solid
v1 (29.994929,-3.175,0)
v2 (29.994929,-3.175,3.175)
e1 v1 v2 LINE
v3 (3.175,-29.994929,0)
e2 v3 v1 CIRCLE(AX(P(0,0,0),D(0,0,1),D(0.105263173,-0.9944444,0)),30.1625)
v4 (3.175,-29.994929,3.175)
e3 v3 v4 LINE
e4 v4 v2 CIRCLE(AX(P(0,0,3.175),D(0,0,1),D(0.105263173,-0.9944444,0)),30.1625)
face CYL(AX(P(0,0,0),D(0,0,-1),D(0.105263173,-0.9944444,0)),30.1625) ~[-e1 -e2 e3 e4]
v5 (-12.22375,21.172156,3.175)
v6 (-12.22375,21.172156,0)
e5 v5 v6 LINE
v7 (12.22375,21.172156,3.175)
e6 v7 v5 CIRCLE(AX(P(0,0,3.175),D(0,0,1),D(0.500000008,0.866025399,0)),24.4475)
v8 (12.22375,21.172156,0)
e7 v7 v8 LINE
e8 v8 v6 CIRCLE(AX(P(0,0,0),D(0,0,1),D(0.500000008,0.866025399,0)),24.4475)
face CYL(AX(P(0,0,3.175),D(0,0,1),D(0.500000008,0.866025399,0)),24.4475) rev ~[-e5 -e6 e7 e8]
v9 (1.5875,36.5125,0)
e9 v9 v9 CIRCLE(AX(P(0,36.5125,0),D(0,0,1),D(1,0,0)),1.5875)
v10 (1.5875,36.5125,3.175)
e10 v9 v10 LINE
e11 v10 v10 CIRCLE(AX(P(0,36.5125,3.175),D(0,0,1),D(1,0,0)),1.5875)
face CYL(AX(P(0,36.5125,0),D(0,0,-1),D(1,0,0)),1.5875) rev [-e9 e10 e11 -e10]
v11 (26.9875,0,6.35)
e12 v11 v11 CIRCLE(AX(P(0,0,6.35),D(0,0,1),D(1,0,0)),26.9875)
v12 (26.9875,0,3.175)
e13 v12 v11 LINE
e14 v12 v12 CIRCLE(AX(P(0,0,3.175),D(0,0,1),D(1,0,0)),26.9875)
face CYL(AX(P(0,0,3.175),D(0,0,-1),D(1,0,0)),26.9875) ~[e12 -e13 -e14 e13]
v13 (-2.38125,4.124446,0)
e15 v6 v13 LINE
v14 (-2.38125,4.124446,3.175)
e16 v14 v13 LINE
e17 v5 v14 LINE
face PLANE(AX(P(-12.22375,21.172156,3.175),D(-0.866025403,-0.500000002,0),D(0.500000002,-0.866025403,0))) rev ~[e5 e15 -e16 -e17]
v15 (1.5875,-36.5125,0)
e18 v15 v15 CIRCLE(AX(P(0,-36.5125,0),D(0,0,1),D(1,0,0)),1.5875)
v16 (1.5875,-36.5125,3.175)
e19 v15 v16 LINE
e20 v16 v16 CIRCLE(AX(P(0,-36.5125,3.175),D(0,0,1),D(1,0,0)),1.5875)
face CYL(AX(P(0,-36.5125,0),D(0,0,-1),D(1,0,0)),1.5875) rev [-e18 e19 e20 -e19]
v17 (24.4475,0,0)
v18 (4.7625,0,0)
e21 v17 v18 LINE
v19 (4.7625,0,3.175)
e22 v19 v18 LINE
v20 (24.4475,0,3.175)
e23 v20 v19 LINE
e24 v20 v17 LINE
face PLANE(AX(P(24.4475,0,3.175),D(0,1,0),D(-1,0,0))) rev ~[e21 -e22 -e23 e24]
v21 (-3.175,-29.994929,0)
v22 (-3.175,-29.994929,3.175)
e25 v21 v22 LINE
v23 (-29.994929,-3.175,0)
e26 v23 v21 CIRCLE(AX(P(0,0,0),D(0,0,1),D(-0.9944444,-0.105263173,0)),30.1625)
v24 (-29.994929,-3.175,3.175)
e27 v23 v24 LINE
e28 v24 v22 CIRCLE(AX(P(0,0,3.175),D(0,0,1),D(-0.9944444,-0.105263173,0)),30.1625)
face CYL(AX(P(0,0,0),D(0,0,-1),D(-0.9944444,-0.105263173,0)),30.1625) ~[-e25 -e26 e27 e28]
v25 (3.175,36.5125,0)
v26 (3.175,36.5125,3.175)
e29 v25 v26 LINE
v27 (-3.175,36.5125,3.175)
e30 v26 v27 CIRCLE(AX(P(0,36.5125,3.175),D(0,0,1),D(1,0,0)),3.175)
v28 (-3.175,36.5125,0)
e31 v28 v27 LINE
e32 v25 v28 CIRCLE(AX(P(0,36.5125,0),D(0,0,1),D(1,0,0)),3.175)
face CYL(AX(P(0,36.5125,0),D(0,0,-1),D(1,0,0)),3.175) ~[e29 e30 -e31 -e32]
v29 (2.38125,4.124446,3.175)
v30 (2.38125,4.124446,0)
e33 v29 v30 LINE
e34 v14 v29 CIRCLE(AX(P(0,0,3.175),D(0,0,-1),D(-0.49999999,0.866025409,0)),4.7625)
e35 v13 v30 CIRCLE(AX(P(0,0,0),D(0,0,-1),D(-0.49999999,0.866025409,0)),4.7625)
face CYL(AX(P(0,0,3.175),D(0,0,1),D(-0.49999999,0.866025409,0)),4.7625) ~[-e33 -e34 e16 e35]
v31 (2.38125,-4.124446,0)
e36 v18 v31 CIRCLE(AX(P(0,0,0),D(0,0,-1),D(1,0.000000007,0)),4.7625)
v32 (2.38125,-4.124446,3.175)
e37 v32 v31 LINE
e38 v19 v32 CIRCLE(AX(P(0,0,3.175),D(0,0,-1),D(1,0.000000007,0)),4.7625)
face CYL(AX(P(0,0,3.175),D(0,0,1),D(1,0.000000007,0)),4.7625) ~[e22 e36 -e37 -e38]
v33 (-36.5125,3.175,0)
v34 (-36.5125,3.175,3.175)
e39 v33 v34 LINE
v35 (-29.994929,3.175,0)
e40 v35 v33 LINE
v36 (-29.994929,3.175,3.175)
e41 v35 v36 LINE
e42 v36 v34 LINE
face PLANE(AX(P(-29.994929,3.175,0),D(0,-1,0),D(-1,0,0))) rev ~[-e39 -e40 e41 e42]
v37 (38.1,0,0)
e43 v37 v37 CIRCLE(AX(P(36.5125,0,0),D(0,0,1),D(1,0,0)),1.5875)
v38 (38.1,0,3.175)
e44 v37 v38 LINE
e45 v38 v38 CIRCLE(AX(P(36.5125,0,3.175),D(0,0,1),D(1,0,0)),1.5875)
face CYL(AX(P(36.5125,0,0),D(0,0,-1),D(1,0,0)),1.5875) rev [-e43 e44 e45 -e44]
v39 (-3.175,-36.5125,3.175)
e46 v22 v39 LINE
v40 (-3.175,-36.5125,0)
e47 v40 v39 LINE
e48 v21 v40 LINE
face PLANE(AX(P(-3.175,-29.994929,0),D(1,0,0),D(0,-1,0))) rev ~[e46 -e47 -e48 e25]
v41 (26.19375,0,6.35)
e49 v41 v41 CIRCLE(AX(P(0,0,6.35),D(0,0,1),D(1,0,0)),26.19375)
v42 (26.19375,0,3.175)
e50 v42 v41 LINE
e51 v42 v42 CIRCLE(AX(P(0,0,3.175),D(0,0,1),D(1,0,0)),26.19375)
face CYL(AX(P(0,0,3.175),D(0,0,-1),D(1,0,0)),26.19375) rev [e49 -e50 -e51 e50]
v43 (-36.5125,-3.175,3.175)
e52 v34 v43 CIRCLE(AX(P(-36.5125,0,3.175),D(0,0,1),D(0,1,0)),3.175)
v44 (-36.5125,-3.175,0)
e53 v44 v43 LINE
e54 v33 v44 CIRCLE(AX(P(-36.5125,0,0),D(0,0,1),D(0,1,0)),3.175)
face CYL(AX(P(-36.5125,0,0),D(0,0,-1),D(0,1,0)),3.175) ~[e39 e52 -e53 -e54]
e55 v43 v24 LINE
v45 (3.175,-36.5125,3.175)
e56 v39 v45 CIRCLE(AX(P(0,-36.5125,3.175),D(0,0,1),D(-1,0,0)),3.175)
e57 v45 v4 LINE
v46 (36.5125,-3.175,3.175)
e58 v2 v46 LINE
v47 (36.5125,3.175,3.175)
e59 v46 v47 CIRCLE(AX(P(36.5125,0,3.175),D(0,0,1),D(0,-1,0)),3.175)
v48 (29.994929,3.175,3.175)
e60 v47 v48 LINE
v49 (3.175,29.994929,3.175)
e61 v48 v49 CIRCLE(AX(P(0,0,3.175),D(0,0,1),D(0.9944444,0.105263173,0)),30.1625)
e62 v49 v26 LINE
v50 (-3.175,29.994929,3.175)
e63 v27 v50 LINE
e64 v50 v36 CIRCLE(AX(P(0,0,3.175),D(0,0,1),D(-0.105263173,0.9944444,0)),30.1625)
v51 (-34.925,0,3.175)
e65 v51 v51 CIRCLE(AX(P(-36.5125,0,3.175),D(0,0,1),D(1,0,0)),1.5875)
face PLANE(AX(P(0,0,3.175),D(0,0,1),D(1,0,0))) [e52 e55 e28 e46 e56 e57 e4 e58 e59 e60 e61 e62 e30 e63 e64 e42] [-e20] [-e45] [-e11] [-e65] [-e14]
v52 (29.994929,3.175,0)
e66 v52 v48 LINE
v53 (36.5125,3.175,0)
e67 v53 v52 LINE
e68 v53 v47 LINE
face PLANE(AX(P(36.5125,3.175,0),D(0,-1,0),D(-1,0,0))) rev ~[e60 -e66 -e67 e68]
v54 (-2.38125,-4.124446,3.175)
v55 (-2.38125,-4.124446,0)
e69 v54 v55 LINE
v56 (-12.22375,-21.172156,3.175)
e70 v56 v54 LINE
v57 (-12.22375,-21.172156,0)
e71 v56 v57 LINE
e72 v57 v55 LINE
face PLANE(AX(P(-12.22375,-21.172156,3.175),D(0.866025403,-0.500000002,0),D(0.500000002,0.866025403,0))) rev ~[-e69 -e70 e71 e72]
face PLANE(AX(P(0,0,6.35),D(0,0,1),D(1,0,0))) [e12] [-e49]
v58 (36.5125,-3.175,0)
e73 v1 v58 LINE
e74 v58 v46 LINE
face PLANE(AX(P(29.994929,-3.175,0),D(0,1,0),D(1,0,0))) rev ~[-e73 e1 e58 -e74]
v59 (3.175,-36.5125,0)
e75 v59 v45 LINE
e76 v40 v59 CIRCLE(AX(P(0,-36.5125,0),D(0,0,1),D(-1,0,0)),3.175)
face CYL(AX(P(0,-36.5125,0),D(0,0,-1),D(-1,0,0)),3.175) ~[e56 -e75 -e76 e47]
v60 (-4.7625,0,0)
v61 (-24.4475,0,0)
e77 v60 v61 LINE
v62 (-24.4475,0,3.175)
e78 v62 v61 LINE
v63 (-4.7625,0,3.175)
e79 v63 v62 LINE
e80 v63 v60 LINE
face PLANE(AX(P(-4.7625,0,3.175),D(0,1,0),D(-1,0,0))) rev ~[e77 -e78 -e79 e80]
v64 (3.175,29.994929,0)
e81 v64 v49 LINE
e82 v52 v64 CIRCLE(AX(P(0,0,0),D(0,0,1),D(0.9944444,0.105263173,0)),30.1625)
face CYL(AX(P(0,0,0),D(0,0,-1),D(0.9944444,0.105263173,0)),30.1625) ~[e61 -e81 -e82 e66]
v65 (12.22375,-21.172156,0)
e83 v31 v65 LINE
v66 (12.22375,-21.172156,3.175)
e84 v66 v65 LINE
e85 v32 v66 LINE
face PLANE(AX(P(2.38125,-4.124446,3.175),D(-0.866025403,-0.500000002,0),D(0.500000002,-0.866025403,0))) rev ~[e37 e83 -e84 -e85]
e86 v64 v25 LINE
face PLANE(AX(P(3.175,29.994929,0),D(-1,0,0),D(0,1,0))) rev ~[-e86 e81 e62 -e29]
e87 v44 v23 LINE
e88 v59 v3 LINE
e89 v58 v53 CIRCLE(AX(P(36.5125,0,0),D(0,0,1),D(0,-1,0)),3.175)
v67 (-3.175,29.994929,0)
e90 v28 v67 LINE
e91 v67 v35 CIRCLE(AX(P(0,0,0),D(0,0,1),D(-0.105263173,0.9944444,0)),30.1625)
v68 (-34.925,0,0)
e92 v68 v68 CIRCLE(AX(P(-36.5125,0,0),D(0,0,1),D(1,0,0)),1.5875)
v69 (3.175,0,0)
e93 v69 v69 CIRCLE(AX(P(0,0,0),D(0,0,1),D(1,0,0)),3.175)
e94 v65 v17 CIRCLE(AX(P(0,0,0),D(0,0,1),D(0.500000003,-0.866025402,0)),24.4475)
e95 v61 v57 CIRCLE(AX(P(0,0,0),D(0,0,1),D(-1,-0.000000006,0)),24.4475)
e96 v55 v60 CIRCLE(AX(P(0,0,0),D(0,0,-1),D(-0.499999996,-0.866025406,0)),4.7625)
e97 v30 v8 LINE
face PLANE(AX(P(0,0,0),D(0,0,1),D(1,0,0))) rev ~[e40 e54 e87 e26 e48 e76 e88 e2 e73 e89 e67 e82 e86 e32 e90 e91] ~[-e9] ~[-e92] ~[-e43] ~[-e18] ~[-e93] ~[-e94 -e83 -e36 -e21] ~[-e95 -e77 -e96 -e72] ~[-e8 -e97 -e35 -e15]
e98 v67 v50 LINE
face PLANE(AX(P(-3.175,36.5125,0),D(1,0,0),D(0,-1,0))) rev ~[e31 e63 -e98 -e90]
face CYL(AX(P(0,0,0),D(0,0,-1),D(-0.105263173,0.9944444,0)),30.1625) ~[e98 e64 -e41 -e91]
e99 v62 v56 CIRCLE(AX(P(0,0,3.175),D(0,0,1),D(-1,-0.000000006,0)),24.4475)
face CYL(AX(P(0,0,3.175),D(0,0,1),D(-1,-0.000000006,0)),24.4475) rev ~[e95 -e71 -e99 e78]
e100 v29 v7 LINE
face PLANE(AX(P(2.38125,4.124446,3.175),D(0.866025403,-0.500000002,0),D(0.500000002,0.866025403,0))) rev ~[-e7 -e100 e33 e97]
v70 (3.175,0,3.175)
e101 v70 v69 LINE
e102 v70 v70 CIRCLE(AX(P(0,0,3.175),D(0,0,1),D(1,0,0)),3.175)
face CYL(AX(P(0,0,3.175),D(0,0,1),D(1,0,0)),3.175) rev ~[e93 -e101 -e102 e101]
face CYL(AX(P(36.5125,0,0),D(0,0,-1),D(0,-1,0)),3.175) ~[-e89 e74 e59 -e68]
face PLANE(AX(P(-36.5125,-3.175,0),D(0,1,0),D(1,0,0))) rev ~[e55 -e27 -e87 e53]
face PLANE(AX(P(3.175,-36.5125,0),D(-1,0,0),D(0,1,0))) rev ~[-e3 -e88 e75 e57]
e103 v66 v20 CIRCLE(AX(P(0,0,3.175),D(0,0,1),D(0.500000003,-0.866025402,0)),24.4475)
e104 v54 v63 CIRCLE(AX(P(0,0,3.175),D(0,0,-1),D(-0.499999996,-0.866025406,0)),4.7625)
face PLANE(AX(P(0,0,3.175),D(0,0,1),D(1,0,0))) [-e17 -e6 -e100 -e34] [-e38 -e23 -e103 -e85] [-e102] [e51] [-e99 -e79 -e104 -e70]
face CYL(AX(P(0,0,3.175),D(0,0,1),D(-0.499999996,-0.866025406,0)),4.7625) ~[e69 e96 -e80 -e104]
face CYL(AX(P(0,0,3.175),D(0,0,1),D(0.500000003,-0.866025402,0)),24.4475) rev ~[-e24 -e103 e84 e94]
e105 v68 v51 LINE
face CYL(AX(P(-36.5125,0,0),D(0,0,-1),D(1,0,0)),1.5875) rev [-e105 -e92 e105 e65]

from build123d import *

# Parameters (mm, degrees)
F0_R     = 1.5875
F1_DEPTH = 3.175
F2_R     = 26.9875
F2_R_2   = 26.19375
F3_DEPTH = 3.175
F4_R     = 3.175
F5_DEPTH = 3.175


with BuildPart() as f1:
    # F0 (on Top) → F1 (new body)
    with BuildSketch(Plane.XY):
        with BuildLine():
            Line((36.5125, 3.175), (29.994929, 3.175))
            ThreePointArc((29.994929, 3.175), (21.328108, 21.328108), (3.175, 29.994929))
            Line((3.175, 29.994929), (3.175, 36.5125))
            ThreePointArc((3.175, 36.5125), (0, 39.6875), (-3.175, 36.5125))
            Line((-3.175, 36.5125), (-3.175, 29.994929))
            ThreePointArc((-3.175, 29.994929), (-21.328108, 21.328108), (-29.994929, 3.175))
            Line((-29.994929, 3.175), (-30.1625, 3.175))
            Line((-30.1625, 3.175), (-36.5125, 3.175))
            ThreePointArc((-36.5125, 3.175), (-39.6875, 0), (-36.5125, -3.175))
            Line((-36.5125, -3.175), (-30.1625, -3.175))
            Line((-30.1625, -3.175), (-29.994929, -3.175))
            ThreePointArc((-29.994929, -3.175), (-21.328108, -21.328108), (-3.175, -29.994929))
            Line((-3.175, -29.994929), (-3.175, -36.5125))
            ThreePointArc((-3.175, -36.5125), (0, -39.6875), (3.175, -36.5125))
            Line((3.175, -36.5125), (3.175, -29.994929))
            ThreePointArc((3.175, -29.994929), (21.328108, -21.328108), (29.994929, -3.175))
            Line((29.994929, -3.175), (36.5125, -3.175))
            ThreePointArc((36.5125, -3.175), (39.6875, 0), (36.5125, 3.175))
        make_face()
        with Locations((0, -36.5125)):
            Circle(F0_R, mode=Mode.SUBTRACT)
        with Locations((-36.5125, 0)):
            Circle(F0_R, mode=Mode.SUBTRACT)
        with Locations((36.5125, 0)):
            Circle(F0_R, mode=Mode.SUBTRACT)
        with Locations((0, 36.5125)):
            Circle(F0_R, mode=Mode.SUBTRACT)
    extrude(amount=F1_DEPTH)

    # F2 (on face) → F3 (join)
    with BuildSketch(Plane.XY.offset(3.175)):
        Circle(F2_R)
        Circle(F2_R_2, mode=Mode.SUBTRACT)
    extrude(amount=F3_DEPTH)

    # F4 (on face) → F5 (cut)
    with BuildSketch(Plane.XY.offset(3.175)):
        with BuildLine():
            ThreePointArc((-2.38125, 4.124446), (0, 4.7625), (2.38125, 4.124446))
            Line((2.38125, 4.124446), (12.22375, 21.172156))
            ThreePointArc((12.22375, 21.172156), (0, 24.4475), (-12.22375, 21.172156))
            Line((-12.22375, 21.172156), (-2.38125, 4.124446))
        make_face()
        Circle(F4_R)
        with BuildLine():
            ThreePointArc((4.7625, 0), (4.124446, -2.38125), (2.38125, -4.124446))
            Line((2.38125, -4.124446), (12.22375, -21.172156))
            ThreePointArc((12.22375, -21.172156), (21.172156, -12.22375), (24.4475, 0))
            Line((24.4475, 0), (4.7625, 0))
        make_face()
        with BuildLine():
            Line((-4.7625, 0), (-24.4475, 0))
            ThreePointArc((-24.4475, 0), (-21.172156, -12.22375), (-12.22375, -21.172156))
            Line((-12.22375, -21.172156), (-2.38125, -4.124446))
            ThreePointArc((-2.38125, -4.124446), (-4.124446, -2.38125), (-4.7625, 0))
        make_face()
    extrude(amount=-F5_DEPTH, mode=Mode.SUBTRACT)


solid = f1.part
